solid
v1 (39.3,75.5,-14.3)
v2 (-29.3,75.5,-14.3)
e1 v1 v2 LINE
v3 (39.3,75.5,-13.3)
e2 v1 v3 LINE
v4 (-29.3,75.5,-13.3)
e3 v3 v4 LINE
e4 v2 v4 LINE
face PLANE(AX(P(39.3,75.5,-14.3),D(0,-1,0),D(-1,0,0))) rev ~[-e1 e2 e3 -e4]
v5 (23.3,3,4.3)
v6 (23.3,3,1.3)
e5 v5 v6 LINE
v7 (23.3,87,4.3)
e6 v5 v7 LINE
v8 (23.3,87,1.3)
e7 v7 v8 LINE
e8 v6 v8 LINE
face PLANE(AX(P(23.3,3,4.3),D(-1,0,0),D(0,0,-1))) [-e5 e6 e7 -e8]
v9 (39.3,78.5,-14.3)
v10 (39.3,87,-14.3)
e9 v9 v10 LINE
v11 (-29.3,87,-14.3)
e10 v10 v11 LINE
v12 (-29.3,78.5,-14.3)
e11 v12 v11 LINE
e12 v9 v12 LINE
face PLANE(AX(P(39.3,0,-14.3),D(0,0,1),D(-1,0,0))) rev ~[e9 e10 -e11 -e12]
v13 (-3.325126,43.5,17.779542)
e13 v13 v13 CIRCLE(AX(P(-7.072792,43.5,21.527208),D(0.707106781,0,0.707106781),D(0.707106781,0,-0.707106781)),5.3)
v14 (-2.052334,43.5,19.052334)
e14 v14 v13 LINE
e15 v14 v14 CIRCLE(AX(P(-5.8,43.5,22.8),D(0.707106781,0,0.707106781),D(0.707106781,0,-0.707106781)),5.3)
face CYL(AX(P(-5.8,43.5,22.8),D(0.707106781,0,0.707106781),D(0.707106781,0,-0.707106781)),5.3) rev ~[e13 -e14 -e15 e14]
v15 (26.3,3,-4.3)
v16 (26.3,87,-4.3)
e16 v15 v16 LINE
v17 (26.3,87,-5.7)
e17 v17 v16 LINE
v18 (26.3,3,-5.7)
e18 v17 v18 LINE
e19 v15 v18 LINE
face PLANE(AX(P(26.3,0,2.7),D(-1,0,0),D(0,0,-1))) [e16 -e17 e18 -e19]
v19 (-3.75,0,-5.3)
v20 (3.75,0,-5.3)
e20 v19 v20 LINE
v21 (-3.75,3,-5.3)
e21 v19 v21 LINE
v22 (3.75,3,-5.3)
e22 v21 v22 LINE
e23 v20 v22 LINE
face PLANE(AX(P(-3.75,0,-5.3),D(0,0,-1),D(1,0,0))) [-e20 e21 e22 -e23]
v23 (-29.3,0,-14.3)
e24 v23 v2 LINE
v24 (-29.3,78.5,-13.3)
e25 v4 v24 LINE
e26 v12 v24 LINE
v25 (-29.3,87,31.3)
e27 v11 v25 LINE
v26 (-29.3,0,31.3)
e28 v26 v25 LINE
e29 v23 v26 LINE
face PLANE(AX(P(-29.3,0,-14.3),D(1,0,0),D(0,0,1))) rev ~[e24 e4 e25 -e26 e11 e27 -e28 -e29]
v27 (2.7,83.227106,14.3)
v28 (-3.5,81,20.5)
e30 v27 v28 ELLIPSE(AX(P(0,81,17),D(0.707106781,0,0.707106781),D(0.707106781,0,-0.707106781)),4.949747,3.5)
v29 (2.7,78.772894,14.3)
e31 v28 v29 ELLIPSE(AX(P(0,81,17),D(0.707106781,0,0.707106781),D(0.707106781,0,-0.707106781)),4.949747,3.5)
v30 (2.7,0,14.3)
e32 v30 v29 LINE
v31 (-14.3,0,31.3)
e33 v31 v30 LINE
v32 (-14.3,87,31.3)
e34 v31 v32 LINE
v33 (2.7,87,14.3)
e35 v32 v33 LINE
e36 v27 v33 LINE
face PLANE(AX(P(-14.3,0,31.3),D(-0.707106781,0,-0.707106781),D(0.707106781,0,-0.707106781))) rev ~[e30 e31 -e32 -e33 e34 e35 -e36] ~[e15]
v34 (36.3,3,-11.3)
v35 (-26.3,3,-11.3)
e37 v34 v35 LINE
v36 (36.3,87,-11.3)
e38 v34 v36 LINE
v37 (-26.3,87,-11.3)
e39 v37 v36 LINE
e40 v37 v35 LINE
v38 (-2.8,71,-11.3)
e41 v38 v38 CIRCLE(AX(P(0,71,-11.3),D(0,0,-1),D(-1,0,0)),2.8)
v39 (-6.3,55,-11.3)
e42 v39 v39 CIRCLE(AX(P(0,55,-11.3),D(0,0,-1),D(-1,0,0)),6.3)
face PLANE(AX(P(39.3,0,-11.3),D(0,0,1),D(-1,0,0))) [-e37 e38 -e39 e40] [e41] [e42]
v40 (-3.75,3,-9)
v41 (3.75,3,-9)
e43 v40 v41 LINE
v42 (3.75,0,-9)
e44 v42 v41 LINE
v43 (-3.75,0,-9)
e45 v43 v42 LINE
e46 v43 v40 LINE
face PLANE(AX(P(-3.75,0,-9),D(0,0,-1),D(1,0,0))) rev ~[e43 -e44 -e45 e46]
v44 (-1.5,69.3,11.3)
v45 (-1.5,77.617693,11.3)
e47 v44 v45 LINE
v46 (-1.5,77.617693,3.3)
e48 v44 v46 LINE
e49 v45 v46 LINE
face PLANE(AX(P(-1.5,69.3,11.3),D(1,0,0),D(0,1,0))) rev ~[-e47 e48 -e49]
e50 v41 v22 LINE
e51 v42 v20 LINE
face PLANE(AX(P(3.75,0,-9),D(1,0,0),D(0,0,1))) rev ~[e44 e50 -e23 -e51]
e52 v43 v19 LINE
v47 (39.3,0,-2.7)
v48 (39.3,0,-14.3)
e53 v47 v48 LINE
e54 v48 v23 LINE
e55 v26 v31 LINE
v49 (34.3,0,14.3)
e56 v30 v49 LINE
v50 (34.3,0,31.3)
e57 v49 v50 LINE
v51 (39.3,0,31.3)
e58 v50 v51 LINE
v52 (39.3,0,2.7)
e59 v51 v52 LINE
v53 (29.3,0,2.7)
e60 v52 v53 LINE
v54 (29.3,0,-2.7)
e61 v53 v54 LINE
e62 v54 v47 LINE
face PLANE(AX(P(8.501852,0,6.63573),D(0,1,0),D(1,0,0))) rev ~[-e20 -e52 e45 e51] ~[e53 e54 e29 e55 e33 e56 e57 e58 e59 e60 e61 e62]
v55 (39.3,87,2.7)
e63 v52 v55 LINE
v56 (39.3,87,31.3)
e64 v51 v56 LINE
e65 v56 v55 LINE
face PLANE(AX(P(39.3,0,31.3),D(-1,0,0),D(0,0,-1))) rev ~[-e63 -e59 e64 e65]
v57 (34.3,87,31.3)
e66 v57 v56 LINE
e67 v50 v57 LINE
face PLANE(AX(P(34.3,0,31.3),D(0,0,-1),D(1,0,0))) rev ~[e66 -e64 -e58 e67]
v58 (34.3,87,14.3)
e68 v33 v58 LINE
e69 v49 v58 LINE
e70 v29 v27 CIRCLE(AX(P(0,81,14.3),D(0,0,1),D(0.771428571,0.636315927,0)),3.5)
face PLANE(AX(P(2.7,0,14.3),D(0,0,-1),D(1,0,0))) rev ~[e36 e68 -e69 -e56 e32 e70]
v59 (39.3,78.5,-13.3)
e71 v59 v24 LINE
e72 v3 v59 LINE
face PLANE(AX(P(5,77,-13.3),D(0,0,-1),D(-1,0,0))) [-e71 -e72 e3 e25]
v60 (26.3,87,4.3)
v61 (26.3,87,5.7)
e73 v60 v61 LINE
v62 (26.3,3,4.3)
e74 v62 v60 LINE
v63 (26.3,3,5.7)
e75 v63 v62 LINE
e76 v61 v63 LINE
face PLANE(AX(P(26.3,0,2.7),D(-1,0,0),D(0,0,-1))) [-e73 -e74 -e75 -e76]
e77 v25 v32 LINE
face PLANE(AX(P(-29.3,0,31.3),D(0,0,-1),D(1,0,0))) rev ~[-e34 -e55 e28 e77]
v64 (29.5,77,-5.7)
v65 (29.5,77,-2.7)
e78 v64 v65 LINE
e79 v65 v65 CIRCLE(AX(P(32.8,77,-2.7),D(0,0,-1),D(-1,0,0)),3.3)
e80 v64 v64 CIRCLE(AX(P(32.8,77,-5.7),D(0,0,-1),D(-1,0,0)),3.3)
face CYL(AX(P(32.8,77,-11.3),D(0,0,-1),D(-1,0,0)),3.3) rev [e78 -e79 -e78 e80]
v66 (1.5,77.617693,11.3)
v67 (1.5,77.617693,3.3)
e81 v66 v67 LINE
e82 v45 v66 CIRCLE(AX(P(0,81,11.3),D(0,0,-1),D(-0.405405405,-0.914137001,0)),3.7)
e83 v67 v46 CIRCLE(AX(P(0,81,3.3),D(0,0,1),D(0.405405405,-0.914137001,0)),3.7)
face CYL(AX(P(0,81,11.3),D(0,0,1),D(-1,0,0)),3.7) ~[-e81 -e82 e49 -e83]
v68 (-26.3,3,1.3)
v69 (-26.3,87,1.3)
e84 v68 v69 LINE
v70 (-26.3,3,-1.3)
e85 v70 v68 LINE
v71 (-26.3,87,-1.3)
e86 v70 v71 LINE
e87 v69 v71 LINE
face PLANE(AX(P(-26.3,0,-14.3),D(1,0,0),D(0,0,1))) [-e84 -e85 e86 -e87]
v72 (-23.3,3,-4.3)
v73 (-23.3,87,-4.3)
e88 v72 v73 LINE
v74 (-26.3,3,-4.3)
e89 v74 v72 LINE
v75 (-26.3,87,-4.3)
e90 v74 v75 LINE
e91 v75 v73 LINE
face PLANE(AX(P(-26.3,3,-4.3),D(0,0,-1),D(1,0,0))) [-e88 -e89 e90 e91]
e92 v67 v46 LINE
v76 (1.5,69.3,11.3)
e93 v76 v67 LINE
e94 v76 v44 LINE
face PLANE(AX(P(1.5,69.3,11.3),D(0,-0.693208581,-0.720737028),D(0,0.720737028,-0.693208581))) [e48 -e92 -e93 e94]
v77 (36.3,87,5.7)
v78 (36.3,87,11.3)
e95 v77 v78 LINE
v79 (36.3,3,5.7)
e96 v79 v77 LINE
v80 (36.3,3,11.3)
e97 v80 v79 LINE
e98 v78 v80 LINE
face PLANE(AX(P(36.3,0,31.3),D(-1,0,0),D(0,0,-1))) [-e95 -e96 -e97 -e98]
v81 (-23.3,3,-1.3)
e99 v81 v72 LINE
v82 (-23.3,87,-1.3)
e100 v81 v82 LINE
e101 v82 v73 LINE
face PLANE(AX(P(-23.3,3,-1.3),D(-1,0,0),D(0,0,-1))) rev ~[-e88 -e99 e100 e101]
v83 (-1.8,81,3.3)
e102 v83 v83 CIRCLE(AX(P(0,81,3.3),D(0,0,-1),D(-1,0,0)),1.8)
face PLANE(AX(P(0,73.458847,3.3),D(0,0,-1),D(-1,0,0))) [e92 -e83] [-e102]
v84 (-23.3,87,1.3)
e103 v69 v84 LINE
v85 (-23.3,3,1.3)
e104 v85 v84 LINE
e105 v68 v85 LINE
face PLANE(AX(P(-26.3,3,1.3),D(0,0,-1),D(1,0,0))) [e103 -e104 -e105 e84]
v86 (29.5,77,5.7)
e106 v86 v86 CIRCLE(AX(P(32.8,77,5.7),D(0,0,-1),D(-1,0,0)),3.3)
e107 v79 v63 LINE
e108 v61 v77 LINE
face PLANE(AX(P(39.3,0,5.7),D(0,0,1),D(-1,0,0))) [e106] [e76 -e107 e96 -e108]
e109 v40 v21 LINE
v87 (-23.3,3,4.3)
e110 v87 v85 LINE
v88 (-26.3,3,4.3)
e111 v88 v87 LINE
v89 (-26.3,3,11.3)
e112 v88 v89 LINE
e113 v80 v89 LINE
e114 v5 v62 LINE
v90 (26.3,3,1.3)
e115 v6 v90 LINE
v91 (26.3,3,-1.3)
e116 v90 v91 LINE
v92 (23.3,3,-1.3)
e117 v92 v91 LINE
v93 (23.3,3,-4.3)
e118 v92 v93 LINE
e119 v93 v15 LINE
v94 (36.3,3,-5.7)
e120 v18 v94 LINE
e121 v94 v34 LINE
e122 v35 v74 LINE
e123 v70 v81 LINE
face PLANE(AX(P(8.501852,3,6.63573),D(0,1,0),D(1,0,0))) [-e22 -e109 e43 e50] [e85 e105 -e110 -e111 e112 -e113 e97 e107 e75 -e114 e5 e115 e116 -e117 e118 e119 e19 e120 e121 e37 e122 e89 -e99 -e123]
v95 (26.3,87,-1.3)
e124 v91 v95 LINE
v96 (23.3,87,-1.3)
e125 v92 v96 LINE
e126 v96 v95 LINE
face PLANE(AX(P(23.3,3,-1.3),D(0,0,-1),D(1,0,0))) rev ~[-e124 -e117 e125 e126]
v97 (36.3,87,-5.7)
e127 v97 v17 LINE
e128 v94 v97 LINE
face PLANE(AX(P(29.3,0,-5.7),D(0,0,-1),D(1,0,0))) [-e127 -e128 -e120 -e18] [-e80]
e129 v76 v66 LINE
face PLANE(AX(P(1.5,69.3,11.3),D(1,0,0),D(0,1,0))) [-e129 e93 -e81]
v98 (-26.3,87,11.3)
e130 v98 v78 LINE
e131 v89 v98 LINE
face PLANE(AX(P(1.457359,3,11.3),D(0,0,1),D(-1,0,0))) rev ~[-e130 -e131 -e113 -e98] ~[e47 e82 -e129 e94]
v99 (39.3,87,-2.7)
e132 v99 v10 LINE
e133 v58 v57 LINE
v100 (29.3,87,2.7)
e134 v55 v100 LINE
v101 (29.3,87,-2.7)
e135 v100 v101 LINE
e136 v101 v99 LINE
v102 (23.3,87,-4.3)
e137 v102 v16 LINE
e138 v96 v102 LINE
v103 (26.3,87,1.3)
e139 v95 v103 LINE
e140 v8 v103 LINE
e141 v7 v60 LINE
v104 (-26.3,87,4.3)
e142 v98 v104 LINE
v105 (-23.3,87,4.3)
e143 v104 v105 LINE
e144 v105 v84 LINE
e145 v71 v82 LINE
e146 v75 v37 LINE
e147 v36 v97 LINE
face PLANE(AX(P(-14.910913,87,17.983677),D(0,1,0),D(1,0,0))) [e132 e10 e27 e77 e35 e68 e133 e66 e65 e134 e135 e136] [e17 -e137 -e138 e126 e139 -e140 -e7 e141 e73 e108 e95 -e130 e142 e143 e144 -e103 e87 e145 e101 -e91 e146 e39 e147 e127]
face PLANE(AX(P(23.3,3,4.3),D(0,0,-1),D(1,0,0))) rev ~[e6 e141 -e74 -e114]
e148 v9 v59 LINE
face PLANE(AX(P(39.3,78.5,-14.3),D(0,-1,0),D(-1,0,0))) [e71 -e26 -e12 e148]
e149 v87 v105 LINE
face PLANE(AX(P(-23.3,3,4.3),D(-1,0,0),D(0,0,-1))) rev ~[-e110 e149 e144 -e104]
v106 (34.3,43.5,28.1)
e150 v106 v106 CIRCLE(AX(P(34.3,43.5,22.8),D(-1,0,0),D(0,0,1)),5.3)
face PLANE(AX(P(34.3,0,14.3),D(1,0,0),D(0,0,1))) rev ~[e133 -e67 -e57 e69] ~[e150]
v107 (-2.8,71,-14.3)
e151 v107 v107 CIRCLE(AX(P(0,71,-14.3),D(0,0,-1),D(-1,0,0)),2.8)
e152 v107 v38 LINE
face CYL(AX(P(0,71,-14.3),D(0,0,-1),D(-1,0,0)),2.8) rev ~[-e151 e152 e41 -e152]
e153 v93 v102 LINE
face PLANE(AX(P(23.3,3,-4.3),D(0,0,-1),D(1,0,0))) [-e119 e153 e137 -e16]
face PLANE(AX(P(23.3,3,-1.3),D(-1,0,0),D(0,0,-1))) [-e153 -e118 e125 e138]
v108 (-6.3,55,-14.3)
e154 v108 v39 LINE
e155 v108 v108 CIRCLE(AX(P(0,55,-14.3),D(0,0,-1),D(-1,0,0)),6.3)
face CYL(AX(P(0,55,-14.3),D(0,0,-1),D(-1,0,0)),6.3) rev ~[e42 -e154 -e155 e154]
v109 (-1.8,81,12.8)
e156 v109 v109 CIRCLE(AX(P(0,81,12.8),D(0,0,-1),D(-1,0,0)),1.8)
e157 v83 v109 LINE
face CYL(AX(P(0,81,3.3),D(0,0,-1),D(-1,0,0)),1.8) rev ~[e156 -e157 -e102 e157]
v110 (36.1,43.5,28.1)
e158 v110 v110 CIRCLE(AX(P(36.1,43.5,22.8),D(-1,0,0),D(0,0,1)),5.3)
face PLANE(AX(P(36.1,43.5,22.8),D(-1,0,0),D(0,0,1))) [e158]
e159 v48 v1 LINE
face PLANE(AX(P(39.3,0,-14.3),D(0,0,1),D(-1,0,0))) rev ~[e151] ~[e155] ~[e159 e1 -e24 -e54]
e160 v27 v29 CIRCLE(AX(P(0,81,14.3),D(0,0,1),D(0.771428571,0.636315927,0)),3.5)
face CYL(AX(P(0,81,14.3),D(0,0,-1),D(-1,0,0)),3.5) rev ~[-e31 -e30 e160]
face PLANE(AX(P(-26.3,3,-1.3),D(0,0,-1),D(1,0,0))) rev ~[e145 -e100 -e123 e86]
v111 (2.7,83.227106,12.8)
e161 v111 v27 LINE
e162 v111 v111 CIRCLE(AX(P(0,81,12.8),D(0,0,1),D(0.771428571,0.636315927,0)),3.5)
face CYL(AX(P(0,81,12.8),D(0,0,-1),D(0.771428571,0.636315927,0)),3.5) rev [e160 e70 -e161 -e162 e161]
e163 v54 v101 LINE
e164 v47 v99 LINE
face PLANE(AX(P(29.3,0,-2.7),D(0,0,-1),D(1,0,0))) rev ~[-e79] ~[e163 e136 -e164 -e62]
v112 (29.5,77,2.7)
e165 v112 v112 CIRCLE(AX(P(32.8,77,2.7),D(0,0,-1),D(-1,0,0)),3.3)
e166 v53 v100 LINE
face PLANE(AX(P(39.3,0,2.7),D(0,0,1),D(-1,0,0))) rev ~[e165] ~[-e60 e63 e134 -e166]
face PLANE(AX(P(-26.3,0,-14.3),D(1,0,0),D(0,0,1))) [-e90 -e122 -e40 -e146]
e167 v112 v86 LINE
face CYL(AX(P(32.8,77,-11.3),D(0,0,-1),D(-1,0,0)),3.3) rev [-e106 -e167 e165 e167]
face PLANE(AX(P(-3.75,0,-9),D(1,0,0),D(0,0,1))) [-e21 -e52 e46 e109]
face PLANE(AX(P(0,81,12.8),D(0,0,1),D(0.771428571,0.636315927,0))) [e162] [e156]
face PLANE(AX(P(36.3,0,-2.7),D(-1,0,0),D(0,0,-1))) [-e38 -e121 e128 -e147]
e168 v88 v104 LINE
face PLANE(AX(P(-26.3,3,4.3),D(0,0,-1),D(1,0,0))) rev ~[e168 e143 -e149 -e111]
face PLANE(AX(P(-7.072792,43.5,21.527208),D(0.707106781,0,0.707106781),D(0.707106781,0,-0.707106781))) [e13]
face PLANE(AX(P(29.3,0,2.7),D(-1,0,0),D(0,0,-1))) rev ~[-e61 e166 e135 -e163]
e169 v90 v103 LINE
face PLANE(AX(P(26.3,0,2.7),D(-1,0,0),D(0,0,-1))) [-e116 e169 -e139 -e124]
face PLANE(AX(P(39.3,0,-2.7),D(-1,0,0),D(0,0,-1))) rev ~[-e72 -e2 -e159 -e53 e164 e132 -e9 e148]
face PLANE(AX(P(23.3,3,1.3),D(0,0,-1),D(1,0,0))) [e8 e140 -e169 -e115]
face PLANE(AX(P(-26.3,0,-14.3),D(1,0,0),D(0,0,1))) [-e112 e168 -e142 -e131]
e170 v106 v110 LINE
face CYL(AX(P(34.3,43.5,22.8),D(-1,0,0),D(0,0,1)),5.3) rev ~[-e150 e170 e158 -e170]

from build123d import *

# Parameters (mm, degrees)
BOSS_EXTRUDE2_DEPTH = 87
SHELL2_T            = -3
SKETCH3_W           = 3
SKETCH3_H           = 3
BOSS_EXTRUDE3_DEPTH = 84
CUT_EXTRUDE1_REACH  = 106.538
SKETCH4_R           = 3.3
CUT_EXTRUDE2_REACH  = 107.796
SKETCH5_R           = 6.3
SKETCH5_R_2         = 2.8
BOSS_EXTRUDE4_DEPTH = 84
CUT_EXTRUDE3_REACH  = 102.465
SKETCH7_W           = 7.5
SKETCH7_H           = 3.7
SKETCH8_R           = 3.7
BOSS_EXTRUDE5_DEPTH = 8
SKETCH9_R           = 1.8
CUT_EXTRUDE4_DEPTH  = 11
SKETCH10_R          = 5.3
CUT_EXTRUDE5_DEPTH  = 1.8
SKETCH11_R          = 5.3
CUT_EXTRUDE6_DEPTH  = 1.8
CUT_EXTRUDE7_REACH  = 101.657
SKETCH15_R          = 3.5
CUT_EXTRUDE8_START  = -1.5
SKETCH17_R          = 3.5
CUT_EXTRUDE8_DEPTH  = 1.5
SKETCH18_W          = 68.6
SKETCH18_H          = 3
CUT_EXTRUDE9_DEPTH  = 1
SKETCH31_W          = 3
SKETCH31_H          = 8.317693095
BOSS_EXTRUDE6_DEPTH = 8
CUT_EXTRUDE10_DEPTH = 3


with BuildPart() as part:
    # Sketch1 → Boss-Extrude2 (new body)
    with BuildSketch(Plane(origin=(0, 0, 0), x_dir=(1, 0, 0), z_dir=(0, 1, 0))):
        Polygon((-29.3, 14.3), (-29.3, -31.3), (-14.3, -31.3), (2.7, -14.3), (34.3, -14.3), (34.3, -31.3), (39.3, -31.3), (39.3, -2.7), (29.3, -2.7), (29.3, 2.7), (39.3, 2.7), (39.3, 14.3), align=None)
    extrude(amount=BOSS_EXTRUDE2_DEPTH)

    # Shell2
    shell2_openings = [part.faces().sort_by_distance(p)[0] for p in [
        (1.788570481, 87, 4.446127974),
    ]]
    offset(amount=SHELL2_T, openings=shell2_openings, kind=Kind.INTERSECTION)

    # Sketch3 → Boss-Extrude3 (add)
    with BuildSketch(Plane(origin=(0, 3, 0), x_dir=(1, 0, 0), z_dir=(0, 1, 0))):
        with Locations((24.8, 2.8)):
            Rectangle(SKETCH3_W, SKETCH3_H)
        with Locations((24.8, -2.8)):
            Rectangle(SKETCH3_W, SKETCH3_H)
        with Locations((-24.8, -2.8)):
            Rectangle(SKETCH3_W, SKETCH3_H)
        with Locations((-24.8, 2.8)):
            Rectangle(SKETCH3_W, SKETCH3_H)
    extrude(amount=BOSS_EXTRUDE3_DEPTH)

    # Cut-Extrude1: up to this face of the body (flat: up to its plane)
    cut_extrude1_end = Plane(part.part.faces().sort_by_distance((31.3, 45, 5.7))[0])
    # Sketch4 → Cut-Extrude1 (cut, up to the picked face)
    with BuildSketch(Plane.XY.offset(-11.3), mode=Mode.PRIVATE) as cut_extrude1_sk1:
        with Locations(Location((32.8, 77, 0), (0, 0, 180))):
            Circle(SKETCH4_R)
    cut_extrude1_tool1 = split(extrude(cut_extrude1_sk1.sketch, amount=CUT_EXTRUDE1_REACH, mode=Mode.PRIVATE), bisect_by=cut_extrude1_end, keep=Keep.BOTH, mode=Mode.PRIVATE)
    add(cut_extrude1_tool1.solids().sort_by(Axis((32.8, 77, -11.3), (0, 0, 1)))[0], mode=Mode.SUBTRACT)

    # Sketch5 → Cut-Extrude2 (cut, up to next)
    with BuildSketch(Plane(origin=(0, 0, -14.3), x_dir=(-1, 0, 0), z_dir=(0, 0, -1)), mode=Mode.PRIVATE) as cut_extrude2_sk1:
        with Locations((0, 55)):
            Circle(SKETCH5_R)
    cut_extrude2_tool1 = extrude(cut_extrude2_sk1.sketch, amount=-CUT_EXTRUDE2_REACH, mode=Mode.PRIVATE) & part.part
    # Sketch5 → Cut-Extrude2 (cut, up to next)
    with BuildSketch(Plane(origin=(0, 0, -14.3), x_dir=(-1, 0, 0), z_dir=(0, 0, -1)), mode=Mode.PRIVATE) as cut_extrude2_sk2:
        with Locations((0, 71)):
            Circle(SKETCH5_R_2)
    cut_extrude2_tool2 = extrude(cut_extrude2_sk2.sketch, amount=-CUT_EXTRUDE2_REACH, mode=Mode.PRIVATE) & part.part
    add(cut_extrude2_tool1.solids().sort_by_distance((0, 55, -14.3))[0], mode=Mode.SUBTRACT)
    add(cut_extrude2_tool2.solids().sort_by_distance((0, 71, -14.3))[0], mode=Mode.SUBTRACT)

    # Sketch6 → Boss-Extrude4 (add)
    with BuildSketch(Plane(origin=(0, 3, 0), x_dir=(1, 0, 0), z_dir=(0, 1, 0))):
        Polygon((1.457359313, -11.3), (-26.3, -11.3), (-26.3, -28.3), (-15.542640687, -28.3), align=None)
    extrude(amount=BOSS_EXTRUDE4_DEPTH)

    # Sketch7 → Cut-Extrude3 (cut, up to next)
    with BuildSketch(Plane.XZ, mode=Mode.PRIVATE) as cut_extrude3_sk1:
        with Locations((0, -7.15)):
            Rectangle(SKETCH7_W, SKETCH7_H)
    cut_extrude3_tool1 = extrude(cut_extrude3_sk1.sketch, amount=-CUT_EXTRUDE3_REACH, mode=Mode.PRIVATE) & part.part
    add(cut_extrude3_tool1.solids().sort_by_distance((0, 0, -7.15))[0], mode=Mode.SUBTRACT)

    # Sketch8 → Boss-Extrude5 (add)
    with BuildSketch(Plane(origin=(0, 0, 11.3), x_dir=(-1, 0, 0), z_dir=(0, 0, -1))):
        with Locations((0, 81)):
            Circle(SKETCH8_R)
    extrude(amount=BOSS_EXTRUDE5_DEPTH)

    # Sketch9 → Cut-Extrude4 (cut)
    with BuildSketch(Plane(origin=(0, 0, 3.3), x_dir=(-1, 0, 0), z_dir=(0, 0, -1))):
        with Locations((0, 81)):
            Circle(SKETCH9_R)
    extrude(amount=-CUT_EXTRUDE4_DEPTH, mode=Mode.SUBTRACT)

    # Sketch10 → Cut-Extrude5 (cut)
    with BuildSketch(Plane(origin=(8.5, 0, 8.5), x_dir=(0.7071067811865475, 0, -0.7071067811865476), z_dir=(0.7071067811865476, 0, 0.7071067811865475))):
        with Locations((-20.223253942, 43.5)):
            Circle(SKETCH10_R)
    extrude(amount=-CUT_EXTRUDE5_DEPTH, mode=Mode.SUBTRACT)

    # Sketch11 → Cut-Extrude6 (cut)
    with BuildSketch(Plane.ZY.offset(-34.3)):
        with Locations((22.8, 43.5)):
            Circle(SKETCH11_R)
    extrude(amount=-CUT_EXTRUDE6_DEPTH, mode=Mode.SUBTRACT)

    # Cut-Extrude7: up to this face of the body (flat: up to its plane)
    cut_extrude7_end = Plane(part.part.faces().sort_by_distance((-13.661760233, 43.5, 30.661760233))[0])
    # Sketch15 → Cut-Extrude7 (cut, up to the picked face)
    with BuildSketch(Plane(origin=(0, 0, 14.3), x_dir=(-1, 0, 0), z_dir=(0, 0, -1)), mode=Mode.PRIVATE) as cut_extrude7_sk1:
        with Locations((0, 81)):
            Circle(SKETCH15_R)
    cut_extrude7_tool1 = split(extrude(cut_extrude7_sk1.sketch, amount=-CUT_EXTRUDE7_REACH, mode=Mode.PRIVATE), bisect_by=cut_extrude7_end, keep=Keep.BOTH, mode=Mode.PRIVATE)
    add(cut_extrude7_tool1.solids().sort_by(Axis((0, 81, 14.3), (0, 0, 1)))[0], mode=Mode.SUBTRACT)

    # Sketch17 → Cut-Extrude8 (cut)
    with BuildSketch(Plane.XY.offset(14.3).offset(CUT_EXTRUDE8_START)):
        with Locations(Location((0, 81, 0), (0, 0, 39.517652797))):
            Circle(SKETCH17_R)
    extrude(amount=CUT_EXTRUDE8_DEPTH, mode=Mode.SUBTRACT)

    # Sketch18 → Cut-Extrude9 (cut)
    with BuildSketch(Plane(origin=(0, 0, -14.3), x_dir=(-1, 0, 0), z_dir=(0, 0, -1))):
        with Locations((-5, 77)):
            Rectangle(SKETCH18_W, SKETCH18_H)
    extrude(amount=-CUT_EXTRUDE9_DEPTH, mode=Mode.SUBTRACT)

    # Sketch31 → Boss-Extrude6 (add)
    with BuildSketch(Plane(origin=(0, 0, 11.3), x_dir=(-1, 0, 0), z_dir=(0, 0, -1))):
        with Locations((0, 73.458846548)):
            Rectangle(SKETCH31_W, SKETCH31_H)
    extrude(amount=BOSS_EXTRUDE6_DEPTH)

    # Sketch32 → Cut-Extrude10 (cut)
    with BuildSketch(Plane(origin=(1.5, 0, 0), x_dir=(0, 0, -1), z_dir=(1, 0, 0))):
        Polygon((-11.3, 69.3), (-3.3, 77.617693095), (-3.3, 69.3), align=None)
    extrude(amount=-CUT_EXTRUDE10_DEPTH, mode=Mode.SUBTRACT)


solid = part.part
